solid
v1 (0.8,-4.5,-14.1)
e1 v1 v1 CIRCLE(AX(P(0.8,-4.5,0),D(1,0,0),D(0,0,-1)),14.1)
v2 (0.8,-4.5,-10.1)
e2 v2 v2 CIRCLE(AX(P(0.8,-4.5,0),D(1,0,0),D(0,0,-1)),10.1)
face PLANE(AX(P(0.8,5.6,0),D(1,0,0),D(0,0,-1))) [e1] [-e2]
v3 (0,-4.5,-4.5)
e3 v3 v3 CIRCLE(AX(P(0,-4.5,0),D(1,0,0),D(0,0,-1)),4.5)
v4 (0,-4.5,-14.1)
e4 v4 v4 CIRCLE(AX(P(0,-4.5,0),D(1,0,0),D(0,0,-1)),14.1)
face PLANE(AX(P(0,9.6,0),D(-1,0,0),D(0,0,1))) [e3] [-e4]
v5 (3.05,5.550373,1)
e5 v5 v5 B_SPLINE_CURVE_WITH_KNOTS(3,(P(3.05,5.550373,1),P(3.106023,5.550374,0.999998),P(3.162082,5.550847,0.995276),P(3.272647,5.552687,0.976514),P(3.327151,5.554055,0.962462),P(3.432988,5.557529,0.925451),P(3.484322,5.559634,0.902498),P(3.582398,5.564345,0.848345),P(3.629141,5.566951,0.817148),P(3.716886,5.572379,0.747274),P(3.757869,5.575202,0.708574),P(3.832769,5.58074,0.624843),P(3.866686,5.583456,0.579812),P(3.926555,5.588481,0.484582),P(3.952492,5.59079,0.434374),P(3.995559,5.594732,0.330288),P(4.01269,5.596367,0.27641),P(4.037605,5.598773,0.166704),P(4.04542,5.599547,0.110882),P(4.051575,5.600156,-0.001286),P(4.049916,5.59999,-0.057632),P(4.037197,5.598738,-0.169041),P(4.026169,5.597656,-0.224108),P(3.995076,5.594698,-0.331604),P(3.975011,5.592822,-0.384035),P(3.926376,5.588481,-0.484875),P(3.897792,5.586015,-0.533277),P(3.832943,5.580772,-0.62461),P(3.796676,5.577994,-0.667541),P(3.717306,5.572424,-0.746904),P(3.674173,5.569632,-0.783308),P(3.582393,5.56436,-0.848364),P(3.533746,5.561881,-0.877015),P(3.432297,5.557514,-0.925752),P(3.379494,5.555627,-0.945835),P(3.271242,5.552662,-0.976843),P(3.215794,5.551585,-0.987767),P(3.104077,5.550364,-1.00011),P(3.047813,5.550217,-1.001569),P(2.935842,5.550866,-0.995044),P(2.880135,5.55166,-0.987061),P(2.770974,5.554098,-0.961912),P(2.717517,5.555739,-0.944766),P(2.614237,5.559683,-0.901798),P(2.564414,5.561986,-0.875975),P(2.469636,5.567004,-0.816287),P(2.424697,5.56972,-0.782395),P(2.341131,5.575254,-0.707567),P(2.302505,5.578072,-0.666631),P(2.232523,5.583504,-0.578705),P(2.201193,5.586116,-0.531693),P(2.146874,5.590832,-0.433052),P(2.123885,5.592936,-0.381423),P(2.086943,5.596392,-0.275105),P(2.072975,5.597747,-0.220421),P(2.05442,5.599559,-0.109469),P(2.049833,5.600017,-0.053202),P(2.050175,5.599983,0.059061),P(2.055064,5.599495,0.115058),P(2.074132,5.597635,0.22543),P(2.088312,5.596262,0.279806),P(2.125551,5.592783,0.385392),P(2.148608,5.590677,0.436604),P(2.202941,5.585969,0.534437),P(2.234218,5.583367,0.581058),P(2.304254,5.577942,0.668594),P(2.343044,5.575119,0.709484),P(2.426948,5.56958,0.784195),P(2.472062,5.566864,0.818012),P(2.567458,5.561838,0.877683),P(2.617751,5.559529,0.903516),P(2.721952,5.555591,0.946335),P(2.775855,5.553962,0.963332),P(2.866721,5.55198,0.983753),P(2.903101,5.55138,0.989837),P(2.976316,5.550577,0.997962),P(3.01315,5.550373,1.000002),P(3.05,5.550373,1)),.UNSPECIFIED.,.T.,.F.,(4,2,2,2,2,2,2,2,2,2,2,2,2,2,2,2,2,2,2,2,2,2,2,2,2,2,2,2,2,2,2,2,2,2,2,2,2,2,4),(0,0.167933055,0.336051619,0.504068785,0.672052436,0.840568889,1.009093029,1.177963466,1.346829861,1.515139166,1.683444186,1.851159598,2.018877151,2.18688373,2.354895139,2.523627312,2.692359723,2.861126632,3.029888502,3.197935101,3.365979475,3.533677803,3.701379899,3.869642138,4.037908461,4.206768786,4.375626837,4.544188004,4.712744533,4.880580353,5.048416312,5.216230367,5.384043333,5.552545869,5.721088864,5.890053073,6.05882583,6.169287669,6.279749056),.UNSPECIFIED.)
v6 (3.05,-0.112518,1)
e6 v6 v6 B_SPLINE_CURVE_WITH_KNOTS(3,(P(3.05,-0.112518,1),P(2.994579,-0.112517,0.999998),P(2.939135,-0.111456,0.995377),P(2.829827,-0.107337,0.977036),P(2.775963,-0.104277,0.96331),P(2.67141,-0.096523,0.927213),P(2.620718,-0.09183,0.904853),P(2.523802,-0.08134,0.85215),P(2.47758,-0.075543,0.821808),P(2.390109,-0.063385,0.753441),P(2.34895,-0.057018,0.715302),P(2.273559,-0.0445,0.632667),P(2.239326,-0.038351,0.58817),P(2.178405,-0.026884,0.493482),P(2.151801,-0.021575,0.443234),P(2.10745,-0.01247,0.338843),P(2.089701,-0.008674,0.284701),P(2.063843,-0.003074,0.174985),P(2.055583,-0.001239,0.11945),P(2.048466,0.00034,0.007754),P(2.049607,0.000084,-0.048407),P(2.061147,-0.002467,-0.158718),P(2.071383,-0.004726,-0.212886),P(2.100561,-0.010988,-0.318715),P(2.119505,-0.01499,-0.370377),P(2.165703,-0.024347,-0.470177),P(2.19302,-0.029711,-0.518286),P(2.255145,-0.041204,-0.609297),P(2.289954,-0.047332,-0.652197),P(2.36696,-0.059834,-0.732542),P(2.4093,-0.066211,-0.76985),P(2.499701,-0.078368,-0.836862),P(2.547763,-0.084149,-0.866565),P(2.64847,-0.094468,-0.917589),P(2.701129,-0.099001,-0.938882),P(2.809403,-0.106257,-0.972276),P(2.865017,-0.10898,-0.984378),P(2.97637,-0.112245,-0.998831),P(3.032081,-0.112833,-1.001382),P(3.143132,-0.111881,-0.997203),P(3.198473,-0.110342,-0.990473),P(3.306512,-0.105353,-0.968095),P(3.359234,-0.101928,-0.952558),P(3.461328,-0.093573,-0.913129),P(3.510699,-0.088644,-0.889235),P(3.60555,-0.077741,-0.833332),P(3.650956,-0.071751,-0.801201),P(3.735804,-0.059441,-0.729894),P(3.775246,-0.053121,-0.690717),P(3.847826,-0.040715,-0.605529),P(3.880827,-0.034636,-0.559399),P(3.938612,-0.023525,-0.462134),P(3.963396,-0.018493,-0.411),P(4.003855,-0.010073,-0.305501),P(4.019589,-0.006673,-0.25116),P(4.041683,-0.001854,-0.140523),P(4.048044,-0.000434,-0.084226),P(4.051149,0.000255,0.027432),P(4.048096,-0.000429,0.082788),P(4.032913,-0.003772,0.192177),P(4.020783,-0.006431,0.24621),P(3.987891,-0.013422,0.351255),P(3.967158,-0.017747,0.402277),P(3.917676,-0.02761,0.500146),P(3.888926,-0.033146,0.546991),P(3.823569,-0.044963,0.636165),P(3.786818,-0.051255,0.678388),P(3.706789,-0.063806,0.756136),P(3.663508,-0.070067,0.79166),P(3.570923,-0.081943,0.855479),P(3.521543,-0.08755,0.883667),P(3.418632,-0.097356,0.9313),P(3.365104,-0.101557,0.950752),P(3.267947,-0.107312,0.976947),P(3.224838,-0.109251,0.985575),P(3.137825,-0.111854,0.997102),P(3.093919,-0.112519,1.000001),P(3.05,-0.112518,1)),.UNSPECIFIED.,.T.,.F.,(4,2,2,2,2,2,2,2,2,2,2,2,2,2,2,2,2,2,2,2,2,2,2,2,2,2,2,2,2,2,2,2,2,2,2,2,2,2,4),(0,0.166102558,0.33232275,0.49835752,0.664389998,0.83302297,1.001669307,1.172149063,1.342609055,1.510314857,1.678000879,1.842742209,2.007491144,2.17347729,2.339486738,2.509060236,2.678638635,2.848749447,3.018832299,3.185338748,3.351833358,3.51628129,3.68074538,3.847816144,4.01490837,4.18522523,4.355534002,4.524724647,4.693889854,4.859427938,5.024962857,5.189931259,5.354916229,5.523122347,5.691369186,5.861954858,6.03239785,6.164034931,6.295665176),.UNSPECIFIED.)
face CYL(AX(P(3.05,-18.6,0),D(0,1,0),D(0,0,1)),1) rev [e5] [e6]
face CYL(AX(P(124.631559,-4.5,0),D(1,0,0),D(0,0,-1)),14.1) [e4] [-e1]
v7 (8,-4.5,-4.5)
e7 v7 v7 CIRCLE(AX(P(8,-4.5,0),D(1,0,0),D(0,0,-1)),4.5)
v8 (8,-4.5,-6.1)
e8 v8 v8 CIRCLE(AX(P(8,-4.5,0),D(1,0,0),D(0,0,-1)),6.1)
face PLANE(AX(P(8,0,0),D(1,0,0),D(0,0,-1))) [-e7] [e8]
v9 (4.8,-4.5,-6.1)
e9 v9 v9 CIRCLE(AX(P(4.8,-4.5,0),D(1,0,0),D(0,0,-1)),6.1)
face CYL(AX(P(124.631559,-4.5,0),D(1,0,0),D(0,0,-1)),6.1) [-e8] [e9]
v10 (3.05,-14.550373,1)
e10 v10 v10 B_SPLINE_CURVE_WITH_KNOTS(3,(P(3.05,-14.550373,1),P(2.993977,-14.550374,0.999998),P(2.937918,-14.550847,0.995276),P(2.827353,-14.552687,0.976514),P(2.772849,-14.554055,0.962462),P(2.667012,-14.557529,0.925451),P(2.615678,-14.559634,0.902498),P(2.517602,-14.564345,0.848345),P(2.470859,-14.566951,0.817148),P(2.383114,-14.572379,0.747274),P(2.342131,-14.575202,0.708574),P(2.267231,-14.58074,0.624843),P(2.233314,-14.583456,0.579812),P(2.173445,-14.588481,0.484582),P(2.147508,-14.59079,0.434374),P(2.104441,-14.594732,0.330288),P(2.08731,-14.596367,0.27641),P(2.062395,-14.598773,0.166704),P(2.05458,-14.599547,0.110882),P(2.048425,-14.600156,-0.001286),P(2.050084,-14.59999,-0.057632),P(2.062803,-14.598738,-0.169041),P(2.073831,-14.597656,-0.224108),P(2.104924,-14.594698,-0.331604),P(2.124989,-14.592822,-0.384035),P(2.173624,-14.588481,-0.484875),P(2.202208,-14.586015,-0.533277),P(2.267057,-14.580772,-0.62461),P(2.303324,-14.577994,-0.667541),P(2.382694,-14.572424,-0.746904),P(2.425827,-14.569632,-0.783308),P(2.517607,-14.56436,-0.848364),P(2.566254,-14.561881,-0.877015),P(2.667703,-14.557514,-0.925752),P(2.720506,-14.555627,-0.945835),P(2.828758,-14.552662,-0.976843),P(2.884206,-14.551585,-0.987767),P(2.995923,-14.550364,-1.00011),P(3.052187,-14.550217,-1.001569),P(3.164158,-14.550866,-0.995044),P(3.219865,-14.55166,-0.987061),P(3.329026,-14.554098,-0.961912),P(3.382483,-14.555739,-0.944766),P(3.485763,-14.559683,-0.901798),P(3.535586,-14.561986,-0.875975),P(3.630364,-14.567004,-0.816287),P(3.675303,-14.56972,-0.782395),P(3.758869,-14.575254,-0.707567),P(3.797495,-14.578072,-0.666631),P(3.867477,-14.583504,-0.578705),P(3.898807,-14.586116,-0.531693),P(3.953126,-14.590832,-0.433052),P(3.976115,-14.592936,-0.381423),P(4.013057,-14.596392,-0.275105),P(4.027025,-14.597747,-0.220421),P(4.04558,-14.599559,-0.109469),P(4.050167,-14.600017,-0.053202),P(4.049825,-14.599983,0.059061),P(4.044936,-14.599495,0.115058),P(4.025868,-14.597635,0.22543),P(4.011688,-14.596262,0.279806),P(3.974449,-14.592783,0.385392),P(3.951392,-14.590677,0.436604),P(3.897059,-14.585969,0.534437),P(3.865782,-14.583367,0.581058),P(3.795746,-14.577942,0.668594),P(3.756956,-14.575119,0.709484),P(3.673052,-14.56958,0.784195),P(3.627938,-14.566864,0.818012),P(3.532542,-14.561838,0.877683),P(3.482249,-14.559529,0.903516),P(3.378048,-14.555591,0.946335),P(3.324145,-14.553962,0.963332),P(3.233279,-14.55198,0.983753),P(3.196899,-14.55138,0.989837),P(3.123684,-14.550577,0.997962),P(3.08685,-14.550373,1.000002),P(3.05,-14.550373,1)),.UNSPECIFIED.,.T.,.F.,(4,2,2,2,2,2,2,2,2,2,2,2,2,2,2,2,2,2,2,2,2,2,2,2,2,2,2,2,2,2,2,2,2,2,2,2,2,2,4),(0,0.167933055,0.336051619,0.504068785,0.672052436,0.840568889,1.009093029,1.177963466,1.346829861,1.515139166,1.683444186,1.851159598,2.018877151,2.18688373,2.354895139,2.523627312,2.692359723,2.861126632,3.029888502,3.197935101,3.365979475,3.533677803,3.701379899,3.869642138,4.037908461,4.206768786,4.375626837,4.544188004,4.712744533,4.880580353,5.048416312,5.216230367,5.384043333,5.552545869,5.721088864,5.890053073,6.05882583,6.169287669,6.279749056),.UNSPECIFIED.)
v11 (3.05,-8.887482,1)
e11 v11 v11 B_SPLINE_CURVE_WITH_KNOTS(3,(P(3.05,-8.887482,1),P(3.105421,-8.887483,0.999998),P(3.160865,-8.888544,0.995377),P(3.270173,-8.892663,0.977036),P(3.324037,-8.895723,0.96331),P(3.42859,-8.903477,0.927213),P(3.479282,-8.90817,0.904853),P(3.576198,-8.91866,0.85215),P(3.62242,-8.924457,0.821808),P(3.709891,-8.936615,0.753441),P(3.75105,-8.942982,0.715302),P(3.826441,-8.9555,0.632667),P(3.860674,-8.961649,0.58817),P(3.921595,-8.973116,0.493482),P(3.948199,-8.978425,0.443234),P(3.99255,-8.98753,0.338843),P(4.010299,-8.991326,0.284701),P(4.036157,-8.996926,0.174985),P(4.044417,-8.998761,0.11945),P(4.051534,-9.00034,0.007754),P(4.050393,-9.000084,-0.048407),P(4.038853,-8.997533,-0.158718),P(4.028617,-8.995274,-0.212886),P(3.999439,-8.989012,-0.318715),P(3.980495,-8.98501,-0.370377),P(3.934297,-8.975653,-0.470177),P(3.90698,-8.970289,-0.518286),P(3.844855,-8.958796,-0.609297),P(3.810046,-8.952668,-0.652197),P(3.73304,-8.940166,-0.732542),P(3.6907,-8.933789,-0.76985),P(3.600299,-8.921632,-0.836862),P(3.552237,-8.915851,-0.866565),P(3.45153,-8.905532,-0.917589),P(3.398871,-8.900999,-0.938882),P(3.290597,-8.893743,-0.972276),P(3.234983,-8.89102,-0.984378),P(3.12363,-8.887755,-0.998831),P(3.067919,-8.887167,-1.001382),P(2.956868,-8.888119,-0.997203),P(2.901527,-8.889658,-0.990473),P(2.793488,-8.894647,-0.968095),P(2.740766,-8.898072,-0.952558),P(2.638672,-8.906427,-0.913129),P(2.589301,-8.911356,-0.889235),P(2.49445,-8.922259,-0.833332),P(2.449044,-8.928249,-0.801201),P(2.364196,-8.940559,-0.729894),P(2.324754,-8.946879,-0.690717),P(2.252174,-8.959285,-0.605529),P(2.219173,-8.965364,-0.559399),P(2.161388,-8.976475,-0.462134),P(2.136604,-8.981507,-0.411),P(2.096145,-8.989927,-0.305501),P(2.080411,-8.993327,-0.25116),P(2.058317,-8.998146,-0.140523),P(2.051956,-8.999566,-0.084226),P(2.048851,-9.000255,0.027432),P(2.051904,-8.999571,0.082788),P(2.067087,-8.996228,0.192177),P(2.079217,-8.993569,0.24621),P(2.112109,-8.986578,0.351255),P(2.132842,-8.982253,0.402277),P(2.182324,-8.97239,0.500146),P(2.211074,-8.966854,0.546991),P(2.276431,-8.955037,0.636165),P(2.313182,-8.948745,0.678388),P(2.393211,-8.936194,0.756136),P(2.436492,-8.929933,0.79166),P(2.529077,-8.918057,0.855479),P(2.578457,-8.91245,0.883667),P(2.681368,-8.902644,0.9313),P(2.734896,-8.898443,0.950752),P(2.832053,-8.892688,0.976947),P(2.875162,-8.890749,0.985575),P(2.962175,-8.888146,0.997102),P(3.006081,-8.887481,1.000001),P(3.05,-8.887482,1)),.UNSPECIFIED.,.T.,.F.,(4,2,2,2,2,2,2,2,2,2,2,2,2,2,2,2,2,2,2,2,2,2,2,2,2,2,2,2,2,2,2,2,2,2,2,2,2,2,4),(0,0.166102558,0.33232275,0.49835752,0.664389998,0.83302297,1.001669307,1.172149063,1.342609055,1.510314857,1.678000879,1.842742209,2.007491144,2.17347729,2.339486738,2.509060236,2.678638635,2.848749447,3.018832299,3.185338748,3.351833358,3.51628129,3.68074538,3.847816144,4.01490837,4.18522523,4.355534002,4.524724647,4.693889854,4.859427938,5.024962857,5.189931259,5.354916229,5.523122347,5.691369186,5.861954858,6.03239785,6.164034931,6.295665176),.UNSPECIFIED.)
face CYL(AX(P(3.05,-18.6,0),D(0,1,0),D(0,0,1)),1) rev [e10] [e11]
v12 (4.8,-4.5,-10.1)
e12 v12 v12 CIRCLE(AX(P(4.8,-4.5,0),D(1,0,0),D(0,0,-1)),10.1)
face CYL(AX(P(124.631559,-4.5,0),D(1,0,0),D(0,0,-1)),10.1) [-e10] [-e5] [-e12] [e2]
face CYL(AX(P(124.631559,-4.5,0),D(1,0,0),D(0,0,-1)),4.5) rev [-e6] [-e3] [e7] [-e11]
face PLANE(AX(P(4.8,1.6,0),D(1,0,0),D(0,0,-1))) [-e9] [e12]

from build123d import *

# Parameters (mm, degrees)
CUT_EXTRUDE1_DEPTH      = 22.485343842
CUT_EXTRUDE1_DEPTH_BACK = 22.485343842
SKETCH4_R               = 1


with BuildPart() as part:
    # Sketch1 → Revolve1 (revolve)
    with BuildSketch(Plane.XY, mode=Mode.PRIVATE) as revolve1_sk:
        Polygon((0, 0), (8, 0), (8, 1.6), (4.8, 1.6), (4.8, 5.6), (0.8, 5.6), (0.8, 9.6), (0, 9.6), align=None)
    revolve(revolve1_sk.sketch.rotate(Axis((124.631559107, -4.5, 0), (-1, 0, 0)), 90), axis=Axis((124.631559107, -4.5, 0), (-1, 0, 0)))

    # Sketch4 → Cut-Extrude1 (cut, two sides: drawn at the far end of the back side and taken through both)
    with BuildSketch(Plane(origin=(0, -4.5, 0), x_dir=(1, 0, 0), z_dir=(0, 1, 0)).offset(-CUT_EXTRUDE1_DEPTH_BACK)):
        with Locations(Location((3.05, 0, 0), (0, 0, 270))):
            Circle(SKETCH4_R)
    extrude(amount=CUT_EXTRUDE1_DEPTH + CUT_EXTRUDE1_DEPTH_BACK, mode=Mode.SUBTRACT)


solid = part.part
